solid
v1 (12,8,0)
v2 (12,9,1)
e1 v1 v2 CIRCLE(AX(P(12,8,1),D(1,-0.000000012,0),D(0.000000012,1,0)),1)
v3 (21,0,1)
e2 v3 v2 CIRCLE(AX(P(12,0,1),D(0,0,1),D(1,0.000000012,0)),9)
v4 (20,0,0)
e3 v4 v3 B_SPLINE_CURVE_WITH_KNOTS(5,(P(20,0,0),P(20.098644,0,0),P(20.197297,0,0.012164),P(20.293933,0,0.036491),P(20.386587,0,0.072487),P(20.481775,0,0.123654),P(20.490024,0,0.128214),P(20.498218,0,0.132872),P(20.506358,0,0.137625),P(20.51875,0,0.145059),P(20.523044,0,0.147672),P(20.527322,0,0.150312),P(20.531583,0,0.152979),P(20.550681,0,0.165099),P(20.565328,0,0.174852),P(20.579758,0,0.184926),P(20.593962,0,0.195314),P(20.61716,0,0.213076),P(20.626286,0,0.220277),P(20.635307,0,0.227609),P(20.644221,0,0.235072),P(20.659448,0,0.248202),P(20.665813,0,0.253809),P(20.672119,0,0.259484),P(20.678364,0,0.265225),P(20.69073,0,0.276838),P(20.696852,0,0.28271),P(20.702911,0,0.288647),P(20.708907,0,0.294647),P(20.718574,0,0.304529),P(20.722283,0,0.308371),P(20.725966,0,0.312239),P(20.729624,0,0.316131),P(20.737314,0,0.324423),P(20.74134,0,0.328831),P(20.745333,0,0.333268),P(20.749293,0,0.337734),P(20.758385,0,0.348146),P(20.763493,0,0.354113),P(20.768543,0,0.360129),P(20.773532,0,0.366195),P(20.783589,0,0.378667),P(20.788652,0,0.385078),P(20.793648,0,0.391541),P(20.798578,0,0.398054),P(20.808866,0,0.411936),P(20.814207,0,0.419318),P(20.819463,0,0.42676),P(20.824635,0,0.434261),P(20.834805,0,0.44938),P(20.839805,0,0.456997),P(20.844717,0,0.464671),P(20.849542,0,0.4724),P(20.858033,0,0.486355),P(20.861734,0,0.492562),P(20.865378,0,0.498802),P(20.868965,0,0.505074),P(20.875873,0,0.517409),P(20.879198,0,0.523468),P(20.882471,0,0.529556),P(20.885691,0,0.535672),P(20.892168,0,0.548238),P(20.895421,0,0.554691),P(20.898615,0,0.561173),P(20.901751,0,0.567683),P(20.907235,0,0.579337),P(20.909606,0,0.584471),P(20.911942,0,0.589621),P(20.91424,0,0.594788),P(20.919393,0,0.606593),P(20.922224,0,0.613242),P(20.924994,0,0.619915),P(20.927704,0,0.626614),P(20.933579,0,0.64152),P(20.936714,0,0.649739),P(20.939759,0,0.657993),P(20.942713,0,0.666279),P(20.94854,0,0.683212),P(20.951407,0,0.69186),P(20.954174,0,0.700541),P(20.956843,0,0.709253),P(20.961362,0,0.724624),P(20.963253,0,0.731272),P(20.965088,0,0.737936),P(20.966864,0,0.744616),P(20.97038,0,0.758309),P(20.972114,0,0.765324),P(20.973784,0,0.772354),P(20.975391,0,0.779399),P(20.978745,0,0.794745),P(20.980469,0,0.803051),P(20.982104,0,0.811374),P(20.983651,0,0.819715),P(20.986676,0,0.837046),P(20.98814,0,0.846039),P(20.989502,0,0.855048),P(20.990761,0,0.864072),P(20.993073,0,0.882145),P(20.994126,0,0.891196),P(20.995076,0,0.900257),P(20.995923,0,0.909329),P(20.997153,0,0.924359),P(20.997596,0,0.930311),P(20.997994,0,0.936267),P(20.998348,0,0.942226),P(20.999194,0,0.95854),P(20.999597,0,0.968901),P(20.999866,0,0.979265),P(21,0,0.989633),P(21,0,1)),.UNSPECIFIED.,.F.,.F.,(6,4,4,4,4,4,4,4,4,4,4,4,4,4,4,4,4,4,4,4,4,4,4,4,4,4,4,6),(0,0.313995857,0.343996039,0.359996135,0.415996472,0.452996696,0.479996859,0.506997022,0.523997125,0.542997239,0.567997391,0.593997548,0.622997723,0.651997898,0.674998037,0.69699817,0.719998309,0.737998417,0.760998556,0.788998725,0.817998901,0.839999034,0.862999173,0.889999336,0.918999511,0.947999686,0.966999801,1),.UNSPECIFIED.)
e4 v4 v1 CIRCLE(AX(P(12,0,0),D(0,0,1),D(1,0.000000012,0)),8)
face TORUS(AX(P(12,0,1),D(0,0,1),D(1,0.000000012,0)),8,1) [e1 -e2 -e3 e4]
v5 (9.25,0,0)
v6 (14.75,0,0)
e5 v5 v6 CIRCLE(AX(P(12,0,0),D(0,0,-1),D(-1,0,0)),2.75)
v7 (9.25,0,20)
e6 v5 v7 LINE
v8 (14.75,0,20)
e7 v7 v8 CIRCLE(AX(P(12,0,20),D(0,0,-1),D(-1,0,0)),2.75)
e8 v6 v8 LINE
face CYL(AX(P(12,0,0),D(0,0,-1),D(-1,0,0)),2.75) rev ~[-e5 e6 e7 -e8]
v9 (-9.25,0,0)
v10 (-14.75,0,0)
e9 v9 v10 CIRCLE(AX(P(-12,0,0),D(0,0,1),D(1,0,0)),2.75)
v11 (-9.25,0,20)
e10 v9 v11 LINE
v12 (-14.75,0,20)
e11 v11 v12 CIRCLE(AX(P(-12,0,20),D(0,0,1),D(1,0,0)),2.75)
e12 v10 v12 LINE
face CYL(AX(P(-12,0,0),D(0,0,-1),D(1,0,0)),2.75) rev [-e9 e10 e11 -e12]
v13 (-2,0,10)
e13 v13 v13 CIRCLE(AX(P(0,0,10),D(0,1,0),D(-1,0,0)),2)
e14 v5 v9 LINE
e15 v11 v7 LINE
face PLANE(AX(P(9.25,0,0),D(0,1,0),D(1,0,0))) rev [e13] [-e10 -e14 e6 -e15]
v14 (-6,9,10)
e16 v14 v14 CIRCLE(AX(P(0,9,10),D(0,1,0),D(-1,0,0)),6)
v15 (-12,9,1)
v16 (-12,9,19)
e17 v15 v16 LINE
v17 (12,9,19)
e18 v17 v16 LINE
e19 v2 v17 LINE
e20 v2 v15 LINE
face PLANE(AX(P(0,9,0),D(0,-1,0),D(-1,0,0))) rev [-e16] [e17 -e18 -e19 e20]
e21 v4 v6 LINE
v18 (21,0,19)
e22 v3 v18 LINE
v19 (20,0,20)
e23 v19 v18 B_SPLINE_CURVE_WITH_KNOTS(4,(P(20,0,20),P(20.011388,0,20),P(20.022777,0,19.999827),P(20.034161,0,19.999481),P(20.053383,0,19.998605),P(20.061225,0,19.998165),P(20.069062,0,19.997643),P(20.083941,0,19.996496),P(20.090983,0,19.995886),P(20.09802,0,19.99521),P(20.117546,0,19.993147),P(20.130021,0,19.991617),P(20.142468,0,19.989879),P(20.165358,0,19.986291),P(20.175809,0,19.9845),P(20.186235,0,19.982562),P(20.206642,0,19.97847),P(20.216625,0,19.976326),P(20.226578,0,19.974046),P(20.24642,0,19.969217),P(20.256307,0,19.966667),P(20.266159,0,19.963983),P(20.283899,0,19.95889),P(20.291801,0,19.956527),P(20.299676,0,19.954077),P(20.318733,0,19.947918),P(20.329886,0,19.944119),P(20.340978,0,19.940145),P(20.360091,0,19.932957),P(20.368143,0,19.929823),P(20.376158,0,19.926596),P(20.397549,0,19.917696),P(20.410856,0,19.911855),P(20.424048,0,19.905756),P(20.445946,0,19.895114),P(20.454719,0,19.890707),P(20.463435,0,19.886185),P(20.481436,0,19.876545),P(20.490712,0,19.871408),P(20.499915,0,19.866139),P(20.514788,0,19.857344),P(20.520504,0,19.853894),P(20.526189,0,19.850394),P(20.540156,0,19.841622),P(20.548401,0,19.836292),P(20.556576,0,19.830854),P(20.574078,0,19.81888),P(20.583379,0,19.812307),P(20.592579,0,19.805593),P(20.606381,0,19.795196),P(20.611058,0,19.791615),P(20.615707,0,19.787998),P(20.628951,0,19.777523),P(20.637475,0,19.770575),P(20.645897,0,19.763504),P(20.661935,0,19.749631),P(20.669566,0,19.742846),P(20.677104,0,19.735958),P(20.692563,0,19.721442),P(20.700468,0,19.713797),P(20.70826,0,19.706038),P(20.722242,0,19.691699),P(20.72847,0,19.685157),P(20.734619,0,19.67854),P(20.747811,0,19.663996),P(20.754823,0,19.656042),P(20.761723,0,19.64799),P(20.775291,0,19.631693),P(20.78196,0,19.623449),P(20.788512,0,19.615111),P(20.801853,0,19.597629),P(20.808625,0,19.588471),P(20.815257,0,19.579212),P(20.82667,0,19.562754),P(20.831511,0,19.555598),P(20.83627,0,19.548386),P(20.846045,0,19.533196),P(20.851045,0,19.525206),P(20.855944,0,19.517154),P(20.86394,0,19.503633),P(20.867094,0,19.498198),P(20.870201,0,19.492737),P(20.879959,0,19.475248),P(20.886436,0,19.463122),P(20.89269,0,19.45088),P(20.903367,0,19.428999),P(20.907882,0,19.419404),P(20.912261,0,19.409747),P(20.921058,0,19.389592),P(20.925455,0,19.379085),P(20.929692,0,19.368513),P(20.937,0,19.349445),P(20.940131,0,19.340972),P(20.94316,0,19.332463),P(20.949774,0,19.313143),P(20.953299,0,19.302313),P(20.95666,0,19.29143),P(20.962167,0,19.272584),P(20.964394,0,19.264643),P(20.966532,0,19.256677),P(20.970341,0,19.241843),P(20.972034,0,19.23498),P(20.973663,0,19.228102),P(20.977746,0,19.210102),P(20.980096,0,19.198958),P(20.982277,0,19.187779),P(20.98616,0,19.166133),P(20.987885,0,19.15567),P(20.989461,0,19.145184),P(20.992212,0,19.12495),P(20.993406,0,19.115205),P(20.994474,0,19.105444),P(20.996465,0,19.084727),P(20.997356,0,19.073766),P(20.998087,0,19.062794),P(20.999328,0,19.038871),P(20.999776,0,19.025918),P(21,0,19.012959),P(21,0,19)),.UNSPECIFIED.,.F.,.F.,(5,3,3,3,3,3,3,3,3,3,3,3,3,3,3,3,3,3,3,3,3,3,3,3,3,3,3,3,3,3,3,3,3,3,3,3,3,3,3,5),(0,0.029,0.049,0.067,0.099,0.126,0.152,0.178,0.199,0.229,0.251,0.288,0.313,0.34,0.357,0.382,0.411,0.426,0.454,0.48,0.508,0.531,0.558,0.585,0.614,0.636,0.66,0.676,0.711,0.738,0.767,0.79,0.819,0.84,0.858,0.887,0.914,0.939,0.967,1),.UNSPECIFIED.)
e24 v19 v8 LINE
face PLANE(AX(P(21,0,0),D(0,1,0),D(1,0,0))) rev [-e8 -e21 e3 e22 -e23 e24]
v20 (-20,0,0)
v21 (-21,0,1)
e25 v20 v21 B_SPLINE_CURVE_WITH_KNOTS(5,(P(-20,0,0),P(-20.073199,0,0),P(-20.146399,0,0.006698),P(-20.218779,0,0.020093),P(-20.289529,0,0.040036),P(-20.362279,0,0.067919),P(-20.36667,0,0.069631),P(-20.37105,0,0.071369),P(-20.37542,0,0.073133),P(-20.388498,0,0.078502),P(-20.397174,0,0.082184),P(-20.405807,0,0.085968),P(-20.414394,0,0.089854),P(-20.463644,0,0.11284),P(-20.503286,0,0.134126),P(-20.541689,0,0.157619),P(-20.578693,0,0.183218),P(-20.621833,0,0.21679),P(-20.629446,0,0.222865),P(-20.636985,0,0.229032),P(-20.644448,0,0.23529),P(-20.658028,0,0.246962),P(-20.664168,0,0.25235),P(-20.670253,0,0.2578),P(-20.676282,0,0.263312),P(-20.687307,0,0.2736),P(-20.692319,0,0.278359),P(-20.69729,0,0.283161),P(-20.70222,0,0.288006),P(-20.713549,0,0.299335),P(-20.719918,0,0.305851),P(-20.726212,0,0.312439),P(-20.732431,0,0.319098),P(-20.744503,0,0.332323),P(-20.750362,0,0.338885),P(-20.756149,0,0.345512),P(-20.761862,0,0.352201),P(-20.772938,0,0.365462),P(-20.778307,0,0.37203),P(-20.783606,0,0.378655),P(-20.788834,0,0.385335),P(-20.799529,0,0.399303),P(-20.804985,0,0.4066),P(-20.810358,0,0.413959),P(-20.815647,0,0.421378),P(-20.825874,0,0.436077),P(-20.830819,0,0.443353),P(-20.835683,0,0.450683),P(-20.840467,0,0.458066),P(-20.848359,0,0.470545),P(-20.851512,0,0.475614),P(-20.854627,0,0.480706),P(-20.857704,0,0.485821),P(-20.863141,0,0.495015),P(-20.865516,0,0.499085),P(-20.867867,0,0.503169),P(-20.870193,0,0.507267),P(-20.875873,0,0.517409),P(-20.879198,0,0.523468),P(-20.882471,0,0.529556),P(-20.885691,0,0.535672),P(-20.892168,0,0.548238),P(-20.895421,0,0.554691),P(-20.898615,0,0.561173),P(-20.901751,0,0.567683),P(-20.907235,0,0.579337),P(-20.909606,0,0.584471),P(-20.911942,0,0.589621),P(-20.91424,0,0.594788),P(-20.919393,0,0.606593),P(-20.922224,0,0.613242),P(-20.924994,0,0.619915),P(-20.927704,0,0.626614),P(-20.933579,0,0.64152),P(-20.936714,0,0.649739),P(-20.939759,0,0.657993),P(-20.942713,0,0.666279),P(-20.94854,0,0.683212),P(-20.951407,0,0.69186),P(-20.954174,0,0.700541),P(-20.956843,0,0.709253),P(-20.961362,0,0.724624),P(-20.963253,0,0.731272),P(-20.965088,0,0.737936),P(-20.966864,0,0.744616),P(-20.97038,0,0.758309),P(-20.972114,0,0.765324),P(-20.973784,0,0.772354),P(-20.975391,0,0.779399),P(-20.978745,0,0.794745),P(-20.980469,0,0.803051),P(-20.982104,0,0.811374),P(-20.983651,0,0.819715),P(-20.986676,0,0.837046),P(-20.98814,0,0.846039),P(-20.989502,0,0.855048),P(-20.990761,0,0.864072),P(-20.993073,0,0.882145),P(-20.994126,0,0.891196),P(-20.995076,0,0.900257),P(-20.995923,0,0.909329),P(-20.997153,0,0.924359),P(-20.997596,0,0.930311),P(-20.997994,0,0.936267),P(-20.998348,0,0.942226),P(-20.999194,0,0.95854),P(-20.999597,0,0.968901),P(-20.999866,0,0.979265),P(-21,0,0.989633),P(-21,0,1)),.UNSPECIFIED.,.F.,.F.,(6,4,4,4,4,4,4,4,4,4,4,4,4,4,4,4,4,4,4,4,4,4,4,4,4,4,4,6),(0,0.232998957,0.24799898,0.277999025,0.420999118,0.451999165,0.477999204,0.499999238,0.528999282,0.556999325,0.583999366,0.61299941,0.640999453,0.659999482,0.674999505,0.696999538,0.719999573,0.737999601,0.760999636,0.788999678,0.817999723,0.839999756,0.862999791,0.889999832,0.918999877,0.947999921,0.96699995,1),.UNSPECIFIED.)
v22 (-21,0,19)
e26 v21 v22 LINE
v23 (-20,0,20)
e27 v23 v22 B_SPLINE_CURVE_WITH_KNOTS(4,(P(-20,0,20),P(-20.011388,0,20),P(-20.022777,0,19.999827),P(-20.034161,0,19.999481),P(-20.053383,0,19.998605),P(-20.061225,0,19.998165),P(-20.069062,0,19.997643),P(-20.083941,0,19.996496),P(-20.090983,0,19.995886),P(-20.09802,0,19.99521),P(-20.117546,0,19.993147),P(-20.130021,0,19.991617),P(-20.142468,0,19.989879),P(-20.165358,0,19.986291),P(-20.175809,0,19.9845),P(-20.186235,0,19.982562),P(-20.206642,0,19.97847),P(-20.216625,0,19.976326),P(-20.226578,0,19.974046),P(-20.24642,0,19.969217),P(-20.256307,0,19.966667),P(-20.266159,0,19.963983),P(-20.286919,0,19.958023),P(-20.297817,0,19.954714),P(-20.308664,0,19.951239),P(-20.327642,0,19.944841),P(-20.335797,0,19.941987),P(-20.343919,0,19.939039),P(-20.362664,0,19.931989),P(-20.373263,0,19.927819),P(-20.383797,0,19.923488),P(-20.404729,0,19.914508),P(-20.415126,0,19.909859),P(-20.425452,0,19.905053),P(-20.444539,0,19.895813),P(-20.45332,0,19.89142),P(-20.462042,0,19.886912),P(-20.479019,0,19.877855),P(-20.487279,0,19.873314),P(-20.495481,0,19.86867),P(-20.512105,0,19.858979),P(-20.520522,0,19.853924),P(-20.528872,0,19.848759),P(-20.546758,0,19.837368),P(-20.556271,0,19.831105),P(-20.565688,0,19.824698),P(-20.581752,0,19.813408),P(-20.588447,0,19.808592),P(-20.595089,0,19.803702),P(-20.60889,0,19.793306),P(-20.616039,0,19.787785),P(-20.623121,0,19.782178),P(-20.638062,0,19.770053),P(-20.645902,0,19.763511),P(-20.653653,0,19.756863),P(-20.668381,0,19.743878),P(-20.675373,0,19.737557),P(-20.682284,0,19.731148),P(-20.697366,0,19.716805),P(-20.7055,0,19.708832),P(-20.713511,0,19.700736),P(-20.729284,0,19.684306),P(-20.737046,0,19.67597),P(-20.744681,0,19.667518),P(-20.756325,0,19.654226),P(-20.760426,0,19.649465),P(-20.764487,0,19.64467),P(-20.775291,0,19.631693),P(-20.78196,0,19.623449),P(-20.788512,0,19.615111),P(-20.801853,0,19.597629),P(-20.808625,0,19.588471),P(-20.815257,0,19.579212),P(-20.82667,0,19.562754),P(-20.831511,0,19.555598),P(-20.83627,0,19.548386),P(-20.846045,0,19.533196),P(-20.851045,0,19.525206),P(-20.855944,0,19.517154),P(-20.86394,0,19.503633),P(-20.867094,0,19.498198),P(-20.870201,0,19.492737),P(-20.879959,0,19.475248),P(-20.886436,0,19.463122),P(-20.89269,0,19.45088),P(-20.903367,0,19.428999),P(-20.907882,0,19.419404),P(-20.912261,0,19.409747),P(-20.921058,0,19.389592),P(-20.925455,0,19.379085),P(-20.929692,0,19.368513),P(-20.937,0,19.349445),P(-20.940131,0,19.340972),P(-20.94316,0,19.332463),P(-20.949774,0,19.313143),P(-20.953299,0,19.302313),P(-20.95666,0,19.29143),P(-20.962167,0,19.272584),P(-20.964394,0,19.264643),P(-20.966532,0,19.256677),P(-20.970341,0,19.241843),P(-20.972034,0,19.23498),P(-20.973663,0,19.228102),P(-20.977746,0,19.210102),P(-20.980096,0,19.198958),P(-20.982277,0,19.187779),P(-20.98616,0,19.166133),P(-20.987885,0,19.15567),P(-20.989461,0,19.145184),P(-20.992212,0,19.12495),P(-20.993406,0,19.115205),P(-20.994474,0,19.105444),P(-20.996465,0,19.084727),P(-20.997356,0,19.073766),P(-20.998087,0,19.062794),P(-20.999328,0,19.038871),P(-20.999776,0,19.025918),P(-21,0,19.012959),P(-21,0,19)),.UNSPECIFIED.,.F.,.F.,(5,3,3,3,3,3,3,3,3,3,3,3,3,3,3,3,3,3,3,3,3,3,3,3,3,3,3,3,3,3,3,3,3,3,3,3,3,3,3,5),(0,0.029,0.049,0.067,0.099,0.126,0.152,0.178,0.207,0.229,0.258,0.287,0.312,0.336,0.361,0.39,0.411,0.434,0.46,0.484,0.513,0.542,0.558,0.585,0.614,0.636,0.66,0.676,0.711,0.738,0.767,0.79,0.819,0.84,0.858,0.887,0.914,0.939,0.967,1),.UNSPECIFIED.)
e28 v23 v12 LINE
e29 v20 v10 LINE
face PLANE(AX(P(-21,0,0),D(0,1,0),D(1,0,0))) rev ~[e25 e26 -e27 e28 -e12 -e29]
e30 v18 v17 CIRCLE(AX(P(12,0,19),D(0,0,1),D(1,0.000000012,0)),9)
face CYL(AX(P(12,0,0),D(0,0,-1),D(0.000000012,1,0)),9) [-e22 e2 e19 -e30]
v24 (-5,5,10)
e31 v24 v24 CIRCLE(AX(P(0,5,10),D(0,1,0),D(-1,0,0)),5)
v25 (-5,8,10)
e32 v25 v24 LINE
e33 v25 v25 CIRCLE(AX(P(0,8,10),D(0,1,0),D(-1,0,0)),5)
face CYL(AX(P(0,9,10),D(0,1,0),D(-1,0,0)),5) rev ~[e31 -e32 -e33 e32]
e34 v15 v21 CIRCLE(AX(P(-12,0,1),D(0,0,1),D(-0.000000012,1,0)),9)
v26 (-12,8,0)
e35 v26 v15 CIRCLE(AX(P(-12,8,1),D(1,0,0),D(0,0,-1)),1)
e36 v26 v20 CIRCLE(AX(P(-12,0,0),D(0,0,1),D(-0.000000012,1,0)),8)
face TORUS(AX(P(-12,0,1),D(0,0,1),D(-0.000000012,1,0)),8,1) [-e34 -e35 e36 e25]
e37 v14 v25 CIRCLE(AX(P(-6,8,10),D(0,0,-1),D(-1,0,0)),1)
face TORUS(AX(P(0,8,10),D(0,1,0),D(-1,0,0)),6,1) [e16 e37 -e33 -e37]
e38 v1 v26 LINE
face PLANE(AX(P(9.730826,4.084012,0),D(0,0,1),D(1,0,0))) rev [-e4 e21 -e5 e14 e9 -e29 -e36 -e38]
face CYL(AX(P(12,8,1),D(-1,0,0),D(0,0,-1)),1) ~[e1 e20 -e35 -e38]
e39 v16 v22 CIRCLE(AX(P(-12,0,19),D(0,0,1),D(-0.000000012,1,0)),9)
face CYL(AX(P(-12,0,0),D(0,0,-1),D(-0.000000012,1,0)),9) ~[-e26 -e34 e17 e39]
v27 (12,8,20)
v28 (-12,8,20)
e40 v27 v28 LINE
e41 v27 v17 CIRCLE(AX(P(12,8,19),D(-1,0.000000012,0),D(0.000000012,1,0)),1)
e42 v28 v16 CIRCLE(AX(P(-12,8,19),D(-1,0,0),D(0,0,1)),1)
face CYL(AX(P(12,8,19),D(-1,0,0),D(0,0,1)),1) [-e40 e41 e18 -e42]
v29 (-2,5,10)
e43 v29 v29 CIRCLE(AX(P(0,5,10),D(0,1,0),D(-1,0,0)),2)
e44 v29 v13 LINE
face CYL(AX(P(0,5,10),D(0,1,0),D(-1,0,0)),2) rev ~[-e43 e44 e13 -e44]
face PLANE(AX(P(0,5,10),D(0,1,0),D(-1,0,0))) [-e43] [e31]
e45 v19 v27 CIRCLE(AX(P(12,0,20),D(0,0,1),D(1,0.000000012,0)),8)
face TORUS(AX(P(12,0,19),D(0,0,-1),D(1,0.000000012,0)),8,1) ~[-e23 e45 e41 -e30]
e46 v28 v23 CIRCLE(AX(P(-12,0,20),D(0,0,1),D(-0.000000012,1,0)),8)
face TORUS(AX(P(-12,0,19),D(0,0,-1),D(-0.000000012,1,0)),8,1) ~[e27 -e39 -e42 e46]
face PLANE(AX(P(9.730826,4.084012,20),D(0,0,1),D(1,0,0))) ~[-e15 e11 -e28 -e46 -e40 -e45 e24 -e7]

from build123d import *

# Parameters (mm, degrees)
PAD_DEPTH       = 20
SKETCH001_R     = 5
POCKET_DEPTH    = 4
SKETCH002_R     = 2
POCKET001_DEPTH = 5
FILLET_R        = 1
FILLET001_R     = 1


with BuildPart() as part:
    # Sketch → Pad (new body)
    with BuildSketch(Plane.XY):
        with BuildLine():
            Line((0, 0), (0, 9))
            Line((0, 9), (-12, 9))
            ThreePointArc((-12, 9), (-18.363961, 6.363961), (-21, 0))
            Line((-21, 0), (-14.75, 0))
            ThreePointArc((-9.25, 0), (-12, 2.75), (-14.75, 0))
            Line((-9.25, 0), (0, 0))
        make_face()
    extrude(amount=PAD_DEPTH)

    # Mirrored: part across YZ


with BuildPart() as part_1:
    add(part.part)
    add(part.part.mirror(Plane.YZ))

    # Sketch001 (on Face1 of Mirrored) → Pocket (cut)
    with BuildSketch(Plane(origin=(0, 9, 0), x_dir=(-1, 0, 0), z_dir=(0, 1, 0))):
        with Locations((0, 10)):
            Circle(SKETCH001_R)
    extrude(amount=-POCKET_DEPTH, mode=Mode.SUBTRACT)

    # Sketch002 (on Face13 of Pocket) → Pocket001 (cut)
    with BuildSketch(Plane(origin=(0, 5, 0), x_dir=(-1, 0, 0), z_dir=(0, 1, 0))):
        with Locations((0, 10)):
            Circle(SKETCH002_R)
    extrude(amount=-POCKET001_DEPTH, mode=Mode.SUBTRACT)

    # Fillet
    fillet_edges = [part_1.edges().sort_by_distance(p)[0] for p in [
        (-18.363961, 6.363961, 20),
        (-6, 9, 20),
        (6, 9, 20),
        (18.363961, 6.363961, 20),
        (-18.363961, 6.363961, 0),
        (-6, 9, 0),
        (6, 9, 0),
        (18.363961, 6.363961, 0),
    ]]
    fillet(fillet_edges, radius=FILLET_R)

    # Fillet001
    fillet001_edges = [part_1.edges().sort_by_distance(p)[0] for p in [
        (5, 9, 10),
    ]]
    fillet(fillet001_edges, radius=FILLET001_R)


solid = part_1.part
